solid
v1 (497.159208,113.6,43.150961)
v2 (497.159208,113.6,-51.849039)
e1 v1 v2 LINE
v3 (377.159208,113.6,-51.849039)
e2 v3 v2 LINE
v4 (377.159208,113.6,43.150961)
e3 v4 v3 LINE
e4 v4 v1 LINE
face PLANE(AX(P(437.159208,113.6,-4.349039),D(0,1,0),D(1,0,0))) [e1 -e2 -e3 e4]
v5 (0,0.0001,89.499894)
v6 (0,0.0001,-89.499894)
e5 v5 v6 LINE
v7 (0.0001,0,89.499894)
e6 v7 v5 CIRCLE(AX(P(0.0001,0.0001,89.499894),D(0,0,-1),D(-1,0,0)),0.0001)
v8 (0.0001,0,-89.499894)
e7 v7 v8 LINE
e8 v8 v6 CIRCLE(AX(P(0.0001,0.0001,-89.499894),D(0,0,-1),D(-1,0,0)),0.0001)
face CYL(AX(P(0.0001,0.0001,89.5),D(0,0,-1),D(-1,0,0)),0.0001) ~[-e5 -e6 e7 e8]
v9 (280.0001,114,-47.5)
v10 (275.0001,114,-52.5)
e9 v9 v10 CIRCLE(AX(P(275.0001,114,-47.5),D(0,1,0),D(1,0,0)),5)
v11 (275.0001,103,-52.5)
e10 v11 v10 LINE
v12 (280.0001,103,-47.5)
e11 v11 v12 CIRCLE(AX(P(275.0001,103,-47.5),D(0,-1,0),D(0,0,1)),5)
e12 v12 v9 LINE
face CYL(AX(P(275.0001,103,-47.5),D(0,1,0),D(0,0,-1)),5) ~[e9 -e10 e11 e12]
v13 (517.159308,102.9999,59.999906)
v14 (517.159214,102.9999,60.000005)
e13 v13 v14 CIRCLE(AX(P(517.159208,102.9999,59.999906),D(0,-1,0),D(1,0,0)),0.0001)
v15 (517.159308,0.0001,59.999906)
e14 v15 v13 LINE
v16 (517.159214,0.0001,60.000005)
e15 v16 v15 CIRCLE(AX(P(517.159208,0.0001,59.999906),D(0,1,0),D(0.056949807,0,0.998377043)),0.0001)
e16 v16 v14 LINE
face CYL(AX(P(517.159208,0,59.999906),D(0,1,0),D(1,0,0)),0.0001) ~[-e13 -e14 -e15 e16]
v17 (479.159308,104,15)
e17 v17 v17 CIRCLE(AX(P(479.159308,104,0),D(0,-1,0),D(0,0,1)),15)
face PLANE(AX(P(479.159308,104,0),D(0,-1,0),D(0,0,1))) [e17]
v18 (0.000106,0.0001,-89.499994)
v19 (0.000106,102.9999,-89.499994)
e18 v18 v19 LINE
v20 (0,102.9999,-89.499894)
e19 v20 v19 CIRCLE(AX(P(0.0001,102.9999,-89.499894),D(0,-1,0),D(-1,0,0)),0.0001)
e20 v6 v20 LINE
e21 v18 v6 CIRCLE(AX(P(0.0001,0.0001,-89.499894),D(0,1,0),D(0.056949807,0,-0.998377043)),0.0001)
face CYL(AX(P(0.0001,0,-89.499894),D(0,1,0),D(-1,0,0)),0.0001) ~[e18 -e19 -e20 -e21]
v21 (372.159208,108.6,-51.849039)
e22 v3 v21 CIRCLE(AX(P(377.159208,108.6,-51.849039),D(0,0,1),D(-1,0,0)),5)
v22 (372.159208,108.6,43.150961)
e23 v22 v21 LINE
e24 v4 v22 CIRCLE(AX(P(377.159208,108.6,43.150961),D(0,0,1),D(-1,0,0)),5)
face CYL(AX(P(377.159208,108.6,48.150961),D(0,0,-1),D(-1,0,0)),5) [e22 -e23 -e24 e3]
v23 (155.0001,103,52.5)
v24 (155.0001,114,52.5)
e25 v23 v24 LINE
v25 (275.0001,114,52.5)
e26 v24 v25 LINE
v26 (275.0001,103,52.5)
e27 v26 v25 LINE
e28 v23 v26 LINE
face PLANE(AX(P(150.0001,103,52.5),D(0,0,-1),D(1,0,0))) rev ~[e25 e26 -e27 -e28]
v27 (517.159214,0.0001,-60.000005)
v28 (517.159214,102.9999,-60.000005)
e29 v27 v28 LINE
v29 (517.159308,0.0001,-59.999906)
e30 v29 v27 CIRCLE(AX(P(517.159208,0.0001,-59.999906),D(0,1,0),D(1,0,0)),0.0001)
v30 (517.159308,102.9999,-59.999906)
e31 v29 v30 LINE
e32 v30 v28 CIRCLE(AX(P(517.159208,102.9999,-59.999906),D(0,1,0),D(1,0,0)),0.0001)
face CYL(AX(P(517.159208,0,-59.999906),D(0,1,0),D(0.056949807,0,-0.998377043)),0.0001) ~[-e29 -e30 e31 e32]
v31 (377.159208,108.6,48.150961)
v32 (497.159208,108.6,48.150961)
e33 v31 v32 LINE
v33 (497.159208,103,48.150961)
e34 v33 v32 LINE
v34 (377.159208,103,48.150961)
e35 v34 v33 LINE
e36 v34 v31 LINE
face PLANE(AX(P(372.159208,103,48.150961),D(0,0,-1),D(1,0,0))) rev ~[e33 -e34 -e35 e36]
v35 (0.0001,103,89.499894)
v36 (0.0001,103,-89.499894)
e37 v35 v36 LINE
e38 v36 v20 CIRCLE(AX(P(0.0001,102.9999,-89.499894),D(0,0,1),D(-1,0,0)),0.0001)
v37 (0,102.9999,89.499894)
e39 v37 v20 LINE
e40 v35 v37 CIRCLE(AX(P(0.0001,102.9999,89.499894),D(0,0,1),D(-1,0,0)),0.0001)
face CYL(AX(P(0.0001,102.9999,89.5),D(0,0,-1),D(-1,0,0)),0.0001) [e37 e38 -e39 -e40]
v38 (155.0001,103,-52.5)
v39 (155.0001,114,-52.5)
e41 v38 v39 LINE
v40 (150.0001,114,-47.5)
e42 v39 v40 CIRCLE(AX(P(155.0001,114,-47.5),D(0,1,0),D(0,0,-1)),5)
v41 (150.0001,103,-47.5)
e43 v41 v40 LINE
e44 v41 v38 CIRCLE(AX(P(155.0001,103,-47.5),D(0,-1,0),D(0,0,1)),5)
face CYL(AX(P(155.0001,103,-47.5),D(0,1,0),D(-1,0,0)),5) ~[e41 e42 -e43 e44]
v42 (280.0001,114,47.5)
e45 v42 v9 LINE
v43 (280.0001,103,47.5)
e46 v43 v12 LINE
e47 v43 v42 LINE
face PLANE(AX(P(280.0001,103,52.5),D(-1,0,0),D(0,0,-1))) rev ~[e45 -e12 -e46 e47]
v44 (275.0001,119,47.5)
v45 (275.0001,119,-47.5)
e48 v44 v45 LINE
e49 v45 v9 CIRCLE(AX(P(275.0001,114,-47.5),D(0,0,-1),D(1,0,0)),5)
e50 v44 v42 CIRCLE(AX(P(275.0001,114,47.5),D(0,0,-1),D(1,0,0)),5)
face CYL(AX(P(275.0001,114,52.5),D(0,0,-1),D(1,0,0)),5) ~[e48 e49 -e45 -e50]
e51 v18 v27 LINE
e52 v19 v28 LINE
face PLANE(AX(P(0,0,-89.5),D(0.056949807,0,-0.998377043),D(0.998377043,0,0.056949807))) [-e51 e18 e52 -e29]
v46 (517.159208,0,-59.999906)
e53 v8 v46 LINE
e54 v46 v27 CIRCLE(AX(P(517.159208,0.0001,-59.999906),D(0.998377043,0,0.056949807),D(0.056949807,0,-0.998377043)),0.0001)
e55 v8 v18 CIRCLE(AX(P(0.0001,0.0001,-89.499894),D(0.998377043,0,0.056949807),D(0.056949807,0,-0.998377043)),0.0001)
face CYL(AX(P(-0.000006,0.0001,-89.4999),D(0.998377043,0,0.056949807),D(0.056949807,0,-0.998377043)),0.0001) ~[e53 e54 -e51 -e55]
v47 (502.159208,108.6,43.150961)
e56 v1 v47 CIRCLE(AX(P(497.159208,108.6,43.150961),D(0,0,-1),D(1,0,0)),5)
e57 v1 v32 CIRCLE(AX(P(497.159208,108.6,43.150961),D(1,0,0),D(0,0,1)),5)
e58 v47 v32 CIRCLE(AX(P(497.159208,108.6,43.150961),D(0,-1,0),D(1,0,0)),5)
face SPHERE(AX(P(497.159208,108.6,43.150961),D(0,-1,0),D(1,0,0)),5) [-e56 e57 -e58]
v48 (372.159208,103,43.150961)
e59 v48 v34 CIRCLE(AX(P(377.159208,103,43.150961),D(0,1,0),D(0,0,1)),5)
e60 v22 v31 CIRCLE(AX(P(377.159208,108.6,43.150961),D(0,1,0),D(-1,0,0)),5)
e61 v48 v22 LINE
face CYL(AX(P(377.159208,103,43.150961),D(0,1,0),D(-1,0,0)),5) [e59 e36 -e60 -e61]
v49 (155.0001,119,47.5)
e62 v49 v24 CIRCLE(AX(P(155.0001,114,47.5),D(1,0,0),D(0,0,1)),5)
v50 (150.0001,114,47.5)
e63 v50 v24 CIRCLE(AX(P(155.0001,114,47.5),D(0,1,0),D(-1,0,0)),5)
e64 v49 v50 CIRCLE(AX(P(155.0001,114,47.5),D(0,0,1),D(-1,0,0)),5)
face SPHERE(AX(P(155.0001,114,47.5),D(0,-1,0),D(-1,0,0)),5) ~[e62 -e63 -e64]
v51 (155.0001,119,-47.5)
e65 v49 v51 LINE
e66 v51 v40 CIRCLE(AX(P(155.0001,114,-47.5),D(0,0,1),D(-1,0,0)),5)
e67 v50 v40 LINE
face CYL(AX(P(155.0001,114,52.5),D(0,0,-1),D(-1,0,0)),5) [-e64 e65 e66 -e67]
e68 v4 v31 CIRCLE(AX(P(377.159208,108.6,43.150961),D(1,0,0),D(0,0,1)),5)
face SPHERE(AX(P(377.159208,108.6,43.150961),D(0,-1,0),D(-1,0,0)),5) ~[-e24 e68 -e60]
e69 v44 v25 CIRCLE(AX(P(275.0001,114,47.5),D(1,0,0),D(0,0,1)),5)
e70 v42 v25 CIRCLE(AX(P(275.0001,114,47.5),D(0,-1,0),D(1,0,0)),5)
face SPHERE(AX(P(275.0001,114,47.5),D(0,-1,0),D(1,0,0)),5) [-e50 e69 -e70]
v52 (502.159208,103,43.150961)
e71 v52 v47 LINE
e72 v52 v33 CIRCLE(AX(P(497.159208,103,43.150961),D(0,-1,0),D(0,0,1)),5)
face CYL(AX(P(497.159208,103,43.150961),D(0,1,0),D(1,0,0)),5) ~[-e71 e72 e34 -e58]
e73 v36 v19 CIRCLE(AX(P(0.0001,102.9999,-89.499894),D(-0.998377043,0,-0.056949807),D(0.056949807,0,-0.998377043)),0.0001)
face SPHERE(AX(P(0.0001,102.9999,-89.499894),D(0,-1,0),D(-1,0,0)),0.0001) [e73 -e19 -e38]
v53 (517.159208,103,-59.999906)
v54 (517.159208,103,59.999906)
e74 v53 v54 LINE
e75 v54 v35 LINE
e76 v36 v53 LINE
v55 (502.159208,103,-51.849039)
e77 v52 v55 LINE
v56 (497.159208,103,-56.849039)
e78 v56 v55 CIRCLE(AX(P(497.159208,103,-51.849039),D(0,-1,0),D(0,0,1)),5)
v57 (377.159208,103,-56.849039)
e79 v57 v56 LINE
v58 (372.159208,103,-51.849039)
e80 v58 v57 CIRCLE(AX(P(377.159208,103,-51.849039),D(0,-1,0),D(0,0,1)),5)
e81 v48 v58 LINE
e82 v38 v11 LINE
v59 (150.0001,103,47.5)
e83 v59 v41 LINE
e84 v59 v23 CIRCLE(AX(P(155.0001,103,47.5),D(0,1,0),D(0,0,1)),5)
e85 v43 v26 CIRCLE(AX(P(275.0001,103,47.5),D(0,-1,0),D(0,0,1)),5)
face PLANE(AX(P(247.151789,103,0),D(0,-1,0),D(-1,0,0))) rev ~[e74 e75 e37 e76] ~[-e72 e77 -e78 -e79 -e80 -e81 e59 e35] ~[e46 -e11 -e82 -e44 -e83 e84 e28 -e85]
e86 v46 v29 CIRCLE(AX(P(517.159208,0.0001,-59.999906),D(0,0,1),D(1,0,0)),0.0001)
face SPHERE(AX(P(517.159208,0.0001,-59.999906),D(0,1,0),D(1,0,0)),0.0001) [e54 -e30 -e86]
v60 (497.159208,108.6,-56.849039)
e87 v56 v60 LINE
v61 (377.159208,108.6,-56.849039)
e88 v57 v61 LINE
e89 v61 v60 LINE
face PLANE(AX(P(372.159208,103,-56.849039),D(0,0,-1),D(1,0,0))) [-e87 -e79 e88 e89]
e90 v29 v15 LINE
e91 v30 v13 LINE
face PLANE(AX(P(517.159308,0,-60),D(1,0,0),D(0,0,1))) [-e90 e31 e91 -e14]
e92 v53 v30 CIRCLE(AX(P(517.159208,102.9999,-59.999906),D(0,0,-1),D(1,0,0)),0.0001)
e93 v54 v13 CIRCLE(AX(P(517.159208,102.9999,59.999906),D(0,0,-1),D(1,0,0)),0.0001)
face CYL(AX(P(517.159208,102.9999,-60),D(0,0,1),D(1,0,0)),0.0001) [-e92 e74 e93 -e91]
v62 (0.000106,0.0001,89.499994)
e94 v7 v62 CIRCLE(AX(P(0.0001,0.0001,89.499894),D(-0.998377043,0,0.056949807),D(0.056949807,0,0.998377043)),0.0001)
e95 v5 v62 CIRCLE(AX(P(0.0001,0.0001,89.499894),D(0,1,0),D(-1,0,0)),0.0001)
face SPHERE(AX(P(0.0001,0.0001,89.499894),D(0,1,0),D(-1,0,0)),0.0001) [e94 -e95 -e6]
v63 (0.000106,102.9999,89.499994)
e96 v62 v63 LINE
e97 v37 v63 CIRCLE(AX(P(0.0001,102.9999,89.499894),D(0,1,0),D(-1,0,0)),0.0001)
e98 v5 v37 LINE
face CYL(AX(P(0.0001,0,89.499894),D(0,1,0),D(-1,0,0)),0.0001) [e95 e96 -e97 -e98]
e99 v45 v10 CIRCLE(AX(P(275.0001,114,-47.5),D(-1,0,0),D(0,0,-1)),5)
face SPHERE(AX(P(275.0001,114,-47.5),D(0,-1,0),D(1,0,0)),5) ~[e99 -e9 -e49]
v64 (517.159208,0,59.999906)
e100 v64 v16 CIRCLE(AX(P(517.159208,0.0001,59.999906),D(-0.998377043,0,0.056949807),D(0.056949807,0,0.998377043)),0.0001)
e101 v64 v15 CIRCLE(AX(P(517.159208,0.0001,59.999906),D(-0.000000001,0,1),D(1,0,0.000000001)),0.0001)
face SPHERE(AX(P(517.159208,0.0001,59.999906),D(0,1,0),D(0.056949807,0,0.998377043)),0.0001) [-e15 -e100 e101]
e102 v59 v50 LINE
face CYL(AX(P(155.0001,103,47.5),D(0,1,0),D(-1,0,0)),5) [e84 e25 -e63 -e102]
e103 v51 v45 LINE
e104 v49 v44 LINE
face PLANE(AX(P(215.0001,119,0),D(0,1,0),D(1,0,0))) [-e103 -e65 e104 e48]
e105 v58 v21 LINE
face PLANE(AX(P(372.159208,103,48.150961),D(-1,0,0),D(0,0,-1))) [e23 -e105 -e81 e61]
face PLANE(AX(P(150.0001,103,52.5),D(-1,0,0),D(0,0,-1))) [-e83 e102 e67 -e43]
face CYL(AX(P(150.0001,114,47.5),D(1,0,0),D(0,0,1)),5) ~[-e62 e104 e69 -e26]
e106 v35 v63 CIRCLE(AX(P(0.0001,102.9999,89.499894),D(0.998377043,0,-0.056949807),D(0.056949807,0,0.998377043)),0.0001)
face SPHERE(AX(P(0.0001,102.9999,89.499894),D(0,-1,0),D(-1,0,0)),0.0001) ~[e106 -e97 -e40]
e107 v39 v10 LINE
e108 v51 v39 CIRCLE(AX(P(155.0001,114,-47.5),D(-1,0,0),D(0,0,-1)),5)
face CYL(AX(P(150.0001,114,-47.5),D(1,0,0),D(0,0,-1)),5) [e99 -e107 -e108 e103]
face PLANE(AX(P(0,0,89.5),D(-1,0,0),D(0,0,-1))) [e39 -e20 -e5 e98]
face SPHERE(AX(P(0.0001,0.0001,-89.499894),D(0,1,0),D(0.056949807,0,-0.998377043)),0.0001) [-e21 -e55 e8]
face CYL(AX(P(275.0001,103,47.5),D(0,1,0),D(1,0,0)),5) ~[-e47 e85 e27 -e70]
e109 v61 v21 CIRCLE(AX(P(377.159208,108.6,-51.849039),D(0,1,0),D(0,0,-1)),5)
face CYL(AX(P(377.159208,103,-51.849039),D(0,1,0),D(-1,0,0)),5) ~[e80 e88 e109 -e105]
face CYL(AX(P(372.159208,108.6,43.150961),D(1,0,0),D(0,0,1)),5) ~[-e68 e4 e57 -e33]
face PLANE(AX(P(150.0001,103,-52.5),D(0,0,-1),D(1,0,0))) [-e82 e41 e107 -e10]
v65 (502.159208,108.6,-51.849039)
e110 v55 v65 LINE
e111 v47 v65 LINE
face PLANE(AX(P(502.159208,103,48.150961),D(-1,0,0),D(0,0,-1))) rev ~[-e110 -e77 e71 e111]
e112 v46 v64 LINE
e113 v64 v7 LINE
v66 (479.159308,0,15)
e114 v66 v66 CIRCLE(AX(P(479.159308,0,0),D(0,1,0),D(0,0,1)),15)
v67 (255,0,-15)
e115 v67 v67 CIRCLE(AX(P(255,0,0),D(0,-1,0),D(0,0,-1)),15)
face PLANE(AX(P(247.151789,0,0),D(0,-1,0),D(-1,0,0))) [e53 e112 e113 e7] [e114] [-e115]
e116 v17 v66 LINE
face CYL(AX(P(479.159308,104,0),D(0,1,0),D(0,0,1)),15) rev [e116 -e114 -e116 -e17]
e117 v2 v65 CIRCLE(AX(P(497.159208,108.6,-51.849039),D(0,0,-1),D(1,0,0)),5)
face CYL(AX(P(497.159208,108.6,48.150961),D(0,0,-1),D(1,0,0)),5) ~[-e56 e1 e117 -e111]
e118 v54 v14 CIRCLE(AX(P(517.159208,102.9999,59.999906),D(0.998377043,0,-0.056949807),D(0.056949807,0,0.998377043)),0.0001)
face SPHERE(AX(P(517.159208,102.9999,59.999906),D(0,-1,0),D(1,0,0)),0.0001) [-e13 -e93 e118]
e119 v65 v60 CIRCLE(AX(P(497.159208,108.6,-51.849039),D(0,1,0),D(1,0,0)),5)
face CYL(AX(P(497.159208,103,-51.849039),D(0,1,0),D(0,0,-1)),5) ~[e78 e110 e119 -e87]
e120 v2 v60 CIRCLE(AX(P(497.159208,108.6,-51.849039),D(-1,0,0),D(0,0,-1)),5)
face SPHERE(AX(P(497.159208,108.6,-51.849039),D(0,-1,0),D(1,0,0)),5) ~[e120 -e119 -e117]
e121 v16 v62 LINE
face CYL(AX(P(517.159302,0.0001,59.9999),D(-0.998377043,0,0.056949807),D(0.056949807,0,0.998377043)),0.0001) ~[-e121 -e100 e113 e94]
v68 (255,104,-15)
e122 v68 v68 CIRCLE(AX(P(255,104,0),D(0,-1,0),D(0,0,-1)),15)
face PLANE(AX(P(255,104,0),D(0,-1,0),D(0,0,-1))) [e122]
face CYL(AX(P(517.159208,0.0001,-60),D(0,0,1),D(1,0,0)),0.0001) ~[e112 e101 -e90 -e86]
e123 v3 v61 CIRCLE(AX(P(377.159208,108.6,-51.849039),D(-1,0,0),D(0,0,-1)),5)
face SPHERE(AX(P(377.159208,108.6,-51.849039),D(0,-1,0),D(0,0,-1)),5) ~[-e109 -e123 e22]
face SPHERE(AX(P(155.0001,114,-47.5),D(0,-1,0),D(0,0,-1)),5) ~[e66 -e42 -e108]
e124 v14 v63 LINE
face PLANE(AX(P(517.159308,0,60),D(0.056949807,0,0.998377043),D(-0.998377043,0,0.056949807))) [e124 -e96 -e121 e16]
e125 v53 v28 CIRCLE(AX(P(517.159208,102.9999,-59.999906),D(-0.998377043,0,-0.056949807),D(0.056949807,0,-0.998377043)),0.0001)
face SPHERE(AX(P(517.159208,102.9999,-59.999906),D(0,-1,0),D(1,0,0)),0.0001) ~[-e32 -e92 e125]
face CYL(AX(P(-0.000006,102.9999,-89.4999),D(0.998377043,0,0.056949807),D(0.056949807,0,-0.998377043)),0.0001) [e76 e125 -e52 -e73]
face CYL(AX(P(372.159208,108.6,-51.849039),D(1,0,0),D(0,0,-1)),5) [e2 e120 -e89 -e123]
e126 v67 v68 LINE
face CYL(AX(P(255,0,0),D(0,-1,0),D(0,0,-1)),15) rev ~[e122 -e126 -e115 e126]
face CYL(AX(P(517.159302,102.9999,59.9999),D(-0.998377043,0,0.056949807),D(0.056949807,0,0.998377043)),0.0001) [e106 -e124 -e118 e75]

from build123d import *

# Parameters (mm, degrees)
BOSS_EXTRUDE1_DEPTH     = 103
FILLET1_R               = 0.0001
SKETCH2_W               = 130
SKETCH2_H               = 105
BOSS_EXTRUDE2_DEPTH     = 10.6
FILLET2_R               = 5
SKETCH3_W               = 130
SKETCH3_H               = 105
BOSS_EXTRUDE3_DEPTH     = 16
FILLET3_R               = 5
CUT_EXTRUDE1_DEPTH      = 539.168188348
CUT_EXTRUDE1_DEPTH_BACK = 104
SKETCH4_R               = 15
SKETCH5_R               = 15
CUT_EXTRUDE2_DEPTH      = 104


with BuildPart() as part:
    # Sketch1 → Boss-Extrude1 (new body)
    with BuildSketch(Plane(origin=(0, 0, 0), x_dir=(1, 0, 0), z_dir=(0, 1, 0))):
        Polygon((0, -89.5), (0, 89.5), (517.159308144, 60), (517.159308144, -60), align=None)
    extrude(amount=BOSS_EXTRUDE1_DEPTH)

    # Fillet1
    fillet1_edges = [part.edges().sort_by_distance(p)[0] for p in [
        (0, 0, 0),
        (0, 51.5, -89.5),
        (258.579654072, 0, -74.75),
        (517.159308144, 51.5, -60),
        (517.159308144, 0, 0),
        (517.159308144, 51.5, 60),
        (258.579654072, 0, 74.75),
        (0, 51.5, 89.5),
        (0, 103, 0),
        (517.159308144, 103, 0),
        (258.579654072, 103, -74.75),
        (258.579654072, 103, 74.75),
    ]]
    fillet(fillet1_edges, radius=FILLET1_R)

    # Sketch2 → Boss-Extrude2 (add)
    with BuildSketch(Plane(origin=(0, 103, 0), x_dir=(1, 0, 0), z_dir=(0, 1, 0))):
        with Locations((437.159208144, 4.349038924)):
            Rectangle(SKETCH2_W, SKETCH2_H)
    extrude(amount=BOSS_EXTRUDE2_DEPTH)

    # Fillet2
    fillet2_edges = [part.edges().sort_by_distance(p)[0] for p in [
        (502.159208144, 108.3, 48.150961076),
        (502.159208144, 108.3, -56.849038924),
        (372.159208144, 108.3, -56.849038924),
        (372.159208144, 108.3, 48.150961076),
        (502.159208144, 113.6, -4.349038924),
        (437.159208144, 113.6, -56.849038924),
        (372.159208144, 113.6, -4.349038924),
        (437.159208144, 113.6, 48.150961076),
    ]]
    fillet(fillet2_edges, radius=FILLET2_R)

    # Sketch3 → Boss-Extrude3 (add)
    with BuildSketch(Plane(origin=(0, 103, 0), x_dir=(1, 0, 0), z_dir=(0, 1, 0))):
        with Locations((215.0001, 0)):
            Rectangle(SKETCH3_W, SKETCH3_H)
    extrude(amount=BOSS_EXTRUDE3_DEPTH)

    # Fillet3
    fillet3_edges = [part.edges().sort_by_distance(p)[0] for p in [
        (280.0001, 111, 52.5),
        (280.0001, 111, -52.5),
        (150.0001, 111, -52.5),
        (150.0001, 111, 52.5),
        (280.0001, 119, 0),
        (215.0001, 119, -52.5),
        (150.0001, 119, 0),
        (215.0001, 119, 52.5),
    ]]
    fillet(fillet3_edges, radius=FILLET3_R)

    # Sketch4 → Cut-Extrude1 (cut, two sides: drawn at the far end of the back side and taken through both)
    with BuildSketch(Plane.XZ.offset(-CUT_EXTRUDE1_DEPTH_BACK)):
        with Locations(Location((479.159308144, 0, 0), (0, 0, 90))):
            Circle(SKETCH4_R)
    extrude(amount=CUT_EXTRUDE1_DEPTH + CUT_EXTRUDE1_DEPTH_BACK, mode=Mode.SUBTRACT)

    # Sketch5 → Cut-Extrude2 (cut)
    with BuildSketch(Plane.XZ):
        with Locations(Location((255, 0, 0), (0, 0, 270))):
            Circle(SKETCH5_R)
    extrude(amount=-CUT_EXTRUDE2_DEPTH, mode=Mode.SUBTRACT)


solid = part.part
